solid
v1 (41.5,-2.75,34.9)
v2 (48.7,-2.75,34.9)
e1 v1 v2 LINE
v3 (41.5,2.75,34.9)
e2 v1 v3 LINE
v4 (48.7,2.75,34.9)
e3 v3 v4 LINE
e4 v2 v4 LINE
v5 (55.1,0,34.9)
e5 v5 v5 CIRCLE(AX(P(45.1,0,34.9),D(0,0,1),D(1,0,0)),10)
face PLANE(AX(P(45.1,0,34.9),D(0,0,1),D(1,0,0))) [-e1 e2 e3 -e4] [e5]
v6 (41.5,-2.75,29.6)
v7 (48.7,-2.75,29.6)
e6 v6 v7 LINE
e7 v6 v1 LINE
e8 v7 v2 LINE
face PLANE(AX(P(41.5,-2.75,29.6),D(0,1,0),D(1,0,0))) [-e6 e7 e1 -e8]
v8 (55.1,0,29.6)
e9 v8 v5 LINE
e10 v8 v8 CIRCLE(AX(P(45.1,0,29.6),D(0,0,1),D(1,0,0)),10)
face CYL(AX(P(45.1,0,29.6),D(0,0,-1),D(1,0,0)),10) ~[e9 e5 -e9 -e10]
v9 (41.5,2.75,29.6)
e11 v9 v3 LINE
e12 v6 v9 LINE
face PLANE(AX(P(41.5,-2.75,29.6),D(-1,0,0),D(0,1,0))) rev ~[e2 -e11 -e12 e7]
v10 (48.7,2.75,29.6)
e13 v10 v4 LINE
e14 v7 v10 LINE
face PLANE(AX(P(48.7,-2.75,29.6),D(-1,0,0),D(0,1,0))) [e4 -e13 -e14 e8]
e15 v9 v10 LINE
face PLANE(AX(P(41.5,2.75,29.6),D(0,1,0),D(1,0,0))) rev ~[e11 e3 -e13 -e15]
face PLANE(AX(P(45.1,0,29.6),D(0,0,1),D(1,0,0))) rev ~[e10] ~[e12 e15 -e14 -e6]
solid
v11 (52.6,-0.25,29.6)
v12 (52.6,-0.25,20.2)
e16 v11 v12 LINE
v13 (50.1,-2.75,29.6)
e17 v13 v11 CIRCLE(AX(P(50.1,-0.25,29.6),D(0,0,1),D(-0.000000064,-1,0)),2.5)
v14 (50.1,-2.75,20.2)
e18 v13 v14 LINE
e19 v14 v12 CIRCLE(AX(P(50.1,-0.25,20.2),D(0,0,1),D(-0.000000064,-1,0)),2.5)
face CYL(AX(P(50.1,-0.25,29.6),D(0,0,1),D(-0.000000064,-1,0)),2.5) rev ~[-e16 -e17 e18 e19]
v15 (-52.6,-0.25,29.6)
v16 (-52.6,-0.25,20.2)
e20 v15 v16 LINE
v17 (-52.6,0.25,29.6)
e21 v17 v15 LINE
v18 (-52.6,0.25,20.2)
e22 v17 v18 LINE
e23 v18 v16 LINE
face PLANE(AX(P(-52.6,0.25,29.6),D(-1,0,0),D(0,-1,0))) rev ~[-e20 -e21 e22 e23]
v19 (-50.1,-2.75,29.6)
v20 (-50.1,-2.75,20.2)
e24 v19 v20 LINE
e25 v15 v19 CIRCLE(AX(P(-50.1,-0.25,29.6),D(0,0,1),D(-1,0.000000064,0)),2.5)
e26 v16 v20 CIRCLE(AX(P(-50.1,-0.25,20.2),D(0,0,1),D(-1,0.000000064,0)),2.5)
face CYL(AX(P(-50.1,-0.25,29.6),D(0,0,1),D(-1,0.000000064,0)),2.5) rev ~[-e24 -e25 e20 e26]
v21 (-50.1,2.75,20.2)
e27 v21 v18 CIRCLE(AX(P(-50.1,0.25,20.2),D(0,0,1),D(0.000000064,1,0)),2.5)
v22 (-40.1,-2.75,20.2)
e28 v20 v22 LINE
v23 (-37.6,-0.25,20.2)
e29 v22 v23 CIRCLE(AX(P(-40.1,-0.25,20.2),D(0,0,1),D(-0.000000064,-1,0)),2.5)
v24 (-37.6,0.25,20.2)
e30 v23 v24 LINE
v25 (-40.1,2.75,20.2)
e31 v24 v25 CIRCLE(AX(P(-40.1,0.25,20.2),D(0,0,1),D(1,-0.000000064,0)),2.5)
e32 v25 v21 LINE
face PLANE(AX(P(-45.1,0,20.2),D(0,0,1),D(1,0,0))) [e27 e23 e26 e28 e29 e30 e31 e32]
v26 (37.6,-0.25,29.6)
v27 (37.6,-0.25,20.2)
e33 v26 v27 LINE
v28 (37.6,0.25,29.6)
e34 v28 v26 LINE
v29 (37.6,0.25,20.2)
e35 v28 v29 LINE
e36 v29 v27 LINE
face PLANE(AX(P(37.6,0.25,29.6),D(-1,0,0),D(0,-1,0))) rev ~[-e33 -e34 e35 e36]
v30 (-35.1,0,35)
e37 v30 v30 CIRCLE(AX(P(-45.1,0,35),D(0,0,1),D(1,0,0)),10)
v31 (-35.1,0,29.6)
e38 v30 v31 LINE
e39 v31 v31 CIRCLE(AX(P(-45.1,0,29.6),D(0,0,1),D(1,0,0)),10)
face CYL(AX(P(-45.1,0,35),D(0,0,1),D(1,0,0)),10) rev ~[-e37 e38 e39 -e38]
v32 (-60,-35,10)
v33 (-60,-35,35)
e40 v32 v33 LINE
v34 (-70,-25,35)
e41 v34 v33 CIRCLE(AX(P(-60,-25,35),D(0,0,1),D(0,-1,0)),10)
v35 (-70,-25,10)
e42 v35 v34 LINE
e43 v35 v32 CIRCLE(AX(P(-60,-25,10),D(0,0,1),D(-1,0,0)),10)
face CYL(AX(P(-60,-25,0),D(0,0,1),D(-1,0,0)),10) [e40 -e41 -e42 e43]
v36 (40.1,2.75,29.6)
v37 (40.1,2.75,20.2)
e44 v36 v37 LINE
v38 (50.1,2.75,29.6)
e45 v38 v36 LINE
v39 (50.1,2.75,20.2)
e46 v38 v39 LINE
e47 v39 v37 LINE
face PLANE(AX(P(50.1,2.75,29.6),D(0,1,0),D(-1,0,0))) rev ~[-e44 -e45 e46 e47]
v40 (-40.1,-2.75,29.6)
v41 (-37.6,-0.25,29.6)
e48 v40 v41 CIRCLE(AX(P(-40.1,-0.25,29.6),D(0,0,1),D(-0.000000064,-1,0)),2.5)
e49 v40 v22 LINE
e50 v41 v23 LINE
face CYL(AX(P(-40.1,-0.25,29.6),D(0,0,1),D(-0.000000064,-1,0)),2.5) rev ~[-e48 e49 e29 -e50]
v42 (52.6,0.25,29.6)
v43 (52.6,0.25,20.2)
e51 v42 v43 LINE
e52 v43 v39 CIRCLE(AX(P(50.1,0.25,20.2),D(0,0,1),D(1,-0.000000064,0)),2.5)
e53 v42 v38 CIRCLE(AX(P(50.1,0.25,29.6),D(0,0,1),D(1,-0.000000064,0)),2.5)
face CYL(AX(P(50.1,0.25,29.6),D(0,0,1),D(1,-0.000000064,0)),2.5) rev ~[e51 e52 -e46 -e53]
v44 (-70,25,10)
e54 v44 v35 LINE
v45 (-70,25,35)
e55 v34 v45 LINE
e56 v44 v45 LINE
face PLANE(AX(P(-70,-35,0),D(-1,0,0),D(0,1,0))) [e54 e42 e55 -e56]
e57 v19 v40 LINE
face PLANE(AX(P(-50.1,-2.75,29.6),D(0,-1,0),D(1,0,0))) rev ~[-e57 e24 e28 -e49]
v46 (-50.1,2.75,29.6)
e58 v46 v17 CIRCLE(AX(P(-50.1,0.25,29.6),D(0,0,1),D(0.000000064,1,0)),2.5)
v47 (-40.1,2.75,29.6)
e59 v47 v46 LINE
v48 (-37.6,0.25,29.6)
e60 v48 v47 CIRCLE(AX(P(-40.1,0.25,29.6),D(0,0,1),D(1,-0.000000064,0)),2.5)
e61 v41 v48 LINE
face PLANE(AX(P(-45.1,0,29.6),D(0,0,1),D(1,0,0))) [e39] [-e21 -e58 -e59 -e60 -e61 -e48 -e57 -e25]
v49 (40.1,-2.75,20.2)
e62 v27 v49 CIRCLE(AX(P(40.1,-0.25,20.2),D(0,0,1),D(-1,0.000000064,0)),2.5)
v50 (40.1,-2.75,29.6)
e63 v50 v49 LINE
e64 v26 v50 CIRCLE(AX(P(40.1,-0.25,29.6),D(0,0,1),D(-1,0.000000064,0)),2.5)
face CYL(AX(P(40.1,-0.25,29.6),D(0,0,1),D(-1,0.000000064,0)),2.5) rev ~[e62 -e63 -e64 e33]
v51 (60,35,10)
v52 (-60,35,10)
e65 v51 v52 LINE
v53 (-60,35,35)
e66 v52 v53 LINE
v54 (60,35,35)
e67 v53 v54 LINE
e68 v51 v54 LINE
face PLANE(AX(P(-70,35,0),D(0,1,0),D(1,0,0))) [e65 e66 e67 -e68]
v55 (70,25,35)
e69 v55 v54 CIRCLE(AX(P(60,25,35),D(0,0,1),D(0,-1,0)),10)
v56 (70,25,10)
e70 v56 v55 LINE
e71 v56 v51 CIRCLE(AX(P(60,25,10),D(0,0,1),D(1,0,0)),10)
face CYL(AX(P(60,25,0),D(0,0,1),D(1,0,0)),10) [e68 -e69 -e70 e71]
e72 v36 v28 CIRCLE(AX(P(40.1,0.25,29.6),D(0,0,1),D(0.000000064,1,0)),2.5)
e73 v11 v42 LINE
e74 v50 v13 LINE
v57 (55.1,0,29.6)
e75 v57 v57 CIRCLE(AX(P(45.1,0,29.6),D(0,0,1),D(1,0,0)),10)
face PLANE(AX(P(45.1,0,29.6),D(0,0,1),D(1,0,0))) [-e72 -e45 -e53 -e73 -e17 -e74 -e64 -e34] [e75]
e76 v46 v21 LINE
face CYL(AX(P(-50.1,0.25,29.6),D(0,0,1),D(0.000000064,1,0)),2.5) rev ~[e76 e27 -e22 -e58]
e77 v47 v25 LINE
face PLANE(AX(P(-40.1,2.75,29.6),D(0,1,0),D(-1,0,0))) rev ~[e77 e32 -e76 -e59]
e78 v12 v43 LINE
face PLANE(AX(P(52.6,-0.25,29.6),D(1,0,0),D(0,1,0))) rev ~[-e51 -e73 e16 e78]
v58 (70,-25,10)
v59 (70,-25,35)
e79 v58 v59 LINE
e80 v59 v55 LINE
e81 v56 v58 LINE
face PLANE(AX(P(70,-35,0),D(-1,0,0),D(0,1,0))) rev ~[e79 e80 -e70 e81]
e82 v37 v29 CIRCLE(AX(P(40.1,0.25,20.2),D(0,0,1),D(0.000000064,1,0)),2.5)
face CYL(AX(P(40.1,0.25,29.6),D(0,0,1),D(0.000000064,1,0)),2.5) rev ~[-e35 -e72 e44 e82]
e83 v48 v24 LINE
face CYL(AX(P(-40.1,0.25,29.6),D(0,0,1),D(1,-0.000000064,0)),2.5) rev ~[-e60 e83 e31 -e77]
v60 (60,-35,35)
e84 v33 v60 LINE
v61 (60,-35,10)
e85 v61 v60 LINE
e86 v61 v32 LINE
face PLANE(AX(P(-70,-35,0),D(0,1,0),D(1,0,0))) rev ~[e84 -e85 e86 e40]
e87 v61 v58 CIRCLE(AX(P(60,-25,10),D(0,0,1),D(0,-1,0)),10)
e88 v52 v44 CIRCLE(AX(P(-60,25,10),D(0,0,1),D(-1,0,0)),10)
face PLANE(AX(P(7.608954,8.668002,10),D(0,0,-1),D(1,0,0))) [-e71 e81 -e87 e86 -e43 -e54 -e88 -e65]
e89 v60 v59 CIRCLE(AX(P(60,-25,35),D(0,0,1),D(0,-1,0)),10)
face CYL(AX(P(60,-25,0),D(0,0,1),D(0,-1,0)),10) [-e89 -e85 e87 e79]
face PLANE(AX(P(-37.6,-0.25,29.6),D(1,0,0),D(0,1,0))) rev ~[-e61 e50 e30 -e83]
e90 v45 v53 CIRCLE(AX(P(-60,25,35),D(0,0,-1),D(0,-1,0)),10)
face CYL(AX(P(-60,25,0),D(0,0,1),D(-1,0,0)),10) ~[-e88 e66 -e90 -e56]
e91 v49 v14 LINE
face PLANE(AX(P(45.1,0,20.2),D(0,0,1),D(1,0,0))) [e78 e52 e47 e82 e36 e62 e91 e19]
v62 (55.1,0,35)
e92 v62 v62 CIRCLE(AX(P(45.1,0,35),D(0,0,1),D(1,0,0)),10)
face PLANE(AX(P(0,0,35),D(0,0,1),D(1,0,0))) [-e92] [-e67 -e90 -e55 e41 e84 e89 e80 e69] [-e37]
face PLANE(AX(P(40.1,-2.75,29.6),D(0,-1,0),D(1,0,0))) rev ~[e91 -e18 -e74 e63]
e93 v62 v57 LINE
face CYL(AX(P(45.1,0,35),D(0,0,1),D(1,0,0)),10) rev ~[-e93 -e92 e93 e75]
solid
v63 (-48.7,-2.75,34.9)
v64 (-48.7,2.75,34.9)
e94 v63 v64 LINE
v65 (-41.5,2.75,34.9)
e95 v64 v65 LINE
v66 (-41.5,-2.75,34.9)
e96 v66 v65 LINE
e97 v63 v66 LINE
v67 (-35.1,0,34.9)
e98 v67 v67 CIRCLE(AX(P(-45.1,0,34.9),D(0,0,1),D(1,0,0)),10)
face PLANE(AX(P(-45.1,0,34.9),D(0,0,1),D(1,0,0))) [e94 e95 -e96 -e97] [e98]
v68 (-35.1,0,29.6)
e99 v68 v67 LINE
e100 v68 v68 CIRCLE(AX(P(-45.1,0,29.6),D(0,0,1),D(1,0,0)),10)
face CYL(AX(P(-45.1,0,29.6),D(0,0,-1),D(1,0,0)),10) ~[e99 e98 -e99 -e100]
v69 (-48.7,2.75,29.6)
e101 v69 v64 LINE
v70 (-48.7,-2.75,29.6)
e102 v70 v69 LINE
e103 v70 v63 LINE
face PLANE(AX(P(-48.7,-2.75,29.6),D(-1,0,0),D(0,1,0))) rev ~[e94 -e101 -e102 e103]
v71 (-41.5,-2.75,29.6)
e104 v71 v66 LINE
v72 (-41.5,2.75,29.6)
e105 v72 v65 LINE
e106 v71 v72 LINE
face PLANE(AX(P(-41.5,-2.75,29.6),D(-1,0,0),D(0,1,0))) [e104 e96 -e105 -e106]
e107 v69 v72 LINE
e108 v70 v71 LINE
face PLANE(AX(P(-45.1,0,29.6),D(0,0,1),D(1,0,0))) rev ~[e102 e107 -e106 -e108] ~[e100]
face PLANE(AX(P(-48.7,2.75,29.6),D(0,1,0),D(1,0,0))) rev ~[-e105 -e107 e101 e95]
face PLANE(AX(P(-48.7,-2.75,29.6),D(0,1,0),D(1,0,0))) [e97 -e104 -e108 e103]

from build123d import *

# Parameters (mm, degrees)
F0_W      = 140
F0_H      = 70
F1_DEPTH  = 35
F2_R      = 10
F3_R      = 10
F4_DEPTH  = 5.4
F6_DEPTH  = 9.4
F7_R      = 10
F7_W      = 7.2
F7_H      = 5.5
F8_DEPTH  = 5.3
F9_W      = 205.02191
F9_H      = 101.367414
F10_DEPTH = 10


with BuildPart() as f1:
    # F0 (on Top) → F1 (new body)
    with BuildSketch(Plane.XY):
        Rectangle(F0_W, F0_H)
    extrude(amount=F1_DEPTH)

    # F2
    f2_edges = [f1.edges().sort_by_distance(p)[0] for p in [
        (-70, -35, 17.5),
        (70, -35, 17.5),
        (70, 35, 17.5),
        (-70, 35, 17.5),
    ]]
    fillet(f2_edges, radius=F2_R)

    # F3 (on face) → F4 (cut)
    with BuildSketch(Plane.XY.offset(35)):
        with Locations((-45.1, 0)):
            Circle(F3_R)
        with Locations((45.1, 0)):
            Circle(F3_R)
    extrude(amount=-F4_DEPTH, mode=Mode.SUBTRACT)

    # F5 (on face) → F6 (cut)
    with BuildSketch(Plane.XY.offset(29.6)):
        with BuildLine():
            Line((-40.1, 2.75), (-50.1, 2.75))
            ThreePointArc((-50.1, 2.75), (-51.867767, 2.017767), (-52.6, 0.25))
            Line((-52.6, 0.25), (-52.6, -0.25))
            ThreePointArc((-52.6, -0.25), (-51.867767, -2.017767), (-50.1, -2.75))
            Line((-50.1, -2.75), (-40.1, -2.75))
            ThreePointArc((-40.1, -2.75), (-38.332233, -2.017767), (-37.6, -0.25))
            Line((-37.6, -0.25), (-37.6, 0.25))
            ThreePointArc((-37.6, 0.25), (-38.332233, 2.017767), (-40.1, 2.75))
        make_face()
        with BuildLine():
            Line((50.1, 2.75), (40.1, 2.75))
            ThreePointArc((40.1, 2.75), (38.332233, 2.017767), (37.6, 0.25))
            Line((37.6, 0.25), (37.6, -0.25))
            ThreePointArc((37.6, -0.25), (38.332233, -2.017767), (40.1, -2.75))
            Line((40.1, -2.75), (50.1, -2.75))
            ThreePointArc((50.1, -2.75), (51.867767, -2.017767), (52.6, -0.25))
            Line((52.6, -0.25), (52.6, 0.25))
            ThreePointArc((52.6, 0.25), (51.867767, 2.017767), (50.1, 2.75))
        make_face()
    extrude(amount=-F6_DEPTH, mode=Mode.SUBTRACT)

    # F9 (on face) → F10 (cut)
    with BuildSketch(Plane(origin=(0, 0, 0), x_dir=(1, 0, 0), z_dir=(0, 0, -1))):
        with Locations((7.608954, -8.668002)):
            Rectangle(F9_W, F9_H)
    extrude(amount=-F10_DEPTH, mode=Mode.SUBTRACT)


with BuildPart() as f8:
    # F7 (on face) → F8 (new body)
    with BuildSketch(Plane.XY.offset(29.6)):
        with Locations((-45.1, 0)):
            Circle(F7_R)
        with Locations((-45.1, 0)):
            Rectangle(F7_W, F7_H, mode=Mode.SUBTRACT)
        with Locations((45.1, 0)):
            Circle(F7_R)
        with Locations((45.1, 0)):
            Rectangle(F7_W, F7_H, mode=Mode.SUBTRACT)
    extrude(amount=F8_DEPTH)


solid = Compound([f1.part, f8.part])
